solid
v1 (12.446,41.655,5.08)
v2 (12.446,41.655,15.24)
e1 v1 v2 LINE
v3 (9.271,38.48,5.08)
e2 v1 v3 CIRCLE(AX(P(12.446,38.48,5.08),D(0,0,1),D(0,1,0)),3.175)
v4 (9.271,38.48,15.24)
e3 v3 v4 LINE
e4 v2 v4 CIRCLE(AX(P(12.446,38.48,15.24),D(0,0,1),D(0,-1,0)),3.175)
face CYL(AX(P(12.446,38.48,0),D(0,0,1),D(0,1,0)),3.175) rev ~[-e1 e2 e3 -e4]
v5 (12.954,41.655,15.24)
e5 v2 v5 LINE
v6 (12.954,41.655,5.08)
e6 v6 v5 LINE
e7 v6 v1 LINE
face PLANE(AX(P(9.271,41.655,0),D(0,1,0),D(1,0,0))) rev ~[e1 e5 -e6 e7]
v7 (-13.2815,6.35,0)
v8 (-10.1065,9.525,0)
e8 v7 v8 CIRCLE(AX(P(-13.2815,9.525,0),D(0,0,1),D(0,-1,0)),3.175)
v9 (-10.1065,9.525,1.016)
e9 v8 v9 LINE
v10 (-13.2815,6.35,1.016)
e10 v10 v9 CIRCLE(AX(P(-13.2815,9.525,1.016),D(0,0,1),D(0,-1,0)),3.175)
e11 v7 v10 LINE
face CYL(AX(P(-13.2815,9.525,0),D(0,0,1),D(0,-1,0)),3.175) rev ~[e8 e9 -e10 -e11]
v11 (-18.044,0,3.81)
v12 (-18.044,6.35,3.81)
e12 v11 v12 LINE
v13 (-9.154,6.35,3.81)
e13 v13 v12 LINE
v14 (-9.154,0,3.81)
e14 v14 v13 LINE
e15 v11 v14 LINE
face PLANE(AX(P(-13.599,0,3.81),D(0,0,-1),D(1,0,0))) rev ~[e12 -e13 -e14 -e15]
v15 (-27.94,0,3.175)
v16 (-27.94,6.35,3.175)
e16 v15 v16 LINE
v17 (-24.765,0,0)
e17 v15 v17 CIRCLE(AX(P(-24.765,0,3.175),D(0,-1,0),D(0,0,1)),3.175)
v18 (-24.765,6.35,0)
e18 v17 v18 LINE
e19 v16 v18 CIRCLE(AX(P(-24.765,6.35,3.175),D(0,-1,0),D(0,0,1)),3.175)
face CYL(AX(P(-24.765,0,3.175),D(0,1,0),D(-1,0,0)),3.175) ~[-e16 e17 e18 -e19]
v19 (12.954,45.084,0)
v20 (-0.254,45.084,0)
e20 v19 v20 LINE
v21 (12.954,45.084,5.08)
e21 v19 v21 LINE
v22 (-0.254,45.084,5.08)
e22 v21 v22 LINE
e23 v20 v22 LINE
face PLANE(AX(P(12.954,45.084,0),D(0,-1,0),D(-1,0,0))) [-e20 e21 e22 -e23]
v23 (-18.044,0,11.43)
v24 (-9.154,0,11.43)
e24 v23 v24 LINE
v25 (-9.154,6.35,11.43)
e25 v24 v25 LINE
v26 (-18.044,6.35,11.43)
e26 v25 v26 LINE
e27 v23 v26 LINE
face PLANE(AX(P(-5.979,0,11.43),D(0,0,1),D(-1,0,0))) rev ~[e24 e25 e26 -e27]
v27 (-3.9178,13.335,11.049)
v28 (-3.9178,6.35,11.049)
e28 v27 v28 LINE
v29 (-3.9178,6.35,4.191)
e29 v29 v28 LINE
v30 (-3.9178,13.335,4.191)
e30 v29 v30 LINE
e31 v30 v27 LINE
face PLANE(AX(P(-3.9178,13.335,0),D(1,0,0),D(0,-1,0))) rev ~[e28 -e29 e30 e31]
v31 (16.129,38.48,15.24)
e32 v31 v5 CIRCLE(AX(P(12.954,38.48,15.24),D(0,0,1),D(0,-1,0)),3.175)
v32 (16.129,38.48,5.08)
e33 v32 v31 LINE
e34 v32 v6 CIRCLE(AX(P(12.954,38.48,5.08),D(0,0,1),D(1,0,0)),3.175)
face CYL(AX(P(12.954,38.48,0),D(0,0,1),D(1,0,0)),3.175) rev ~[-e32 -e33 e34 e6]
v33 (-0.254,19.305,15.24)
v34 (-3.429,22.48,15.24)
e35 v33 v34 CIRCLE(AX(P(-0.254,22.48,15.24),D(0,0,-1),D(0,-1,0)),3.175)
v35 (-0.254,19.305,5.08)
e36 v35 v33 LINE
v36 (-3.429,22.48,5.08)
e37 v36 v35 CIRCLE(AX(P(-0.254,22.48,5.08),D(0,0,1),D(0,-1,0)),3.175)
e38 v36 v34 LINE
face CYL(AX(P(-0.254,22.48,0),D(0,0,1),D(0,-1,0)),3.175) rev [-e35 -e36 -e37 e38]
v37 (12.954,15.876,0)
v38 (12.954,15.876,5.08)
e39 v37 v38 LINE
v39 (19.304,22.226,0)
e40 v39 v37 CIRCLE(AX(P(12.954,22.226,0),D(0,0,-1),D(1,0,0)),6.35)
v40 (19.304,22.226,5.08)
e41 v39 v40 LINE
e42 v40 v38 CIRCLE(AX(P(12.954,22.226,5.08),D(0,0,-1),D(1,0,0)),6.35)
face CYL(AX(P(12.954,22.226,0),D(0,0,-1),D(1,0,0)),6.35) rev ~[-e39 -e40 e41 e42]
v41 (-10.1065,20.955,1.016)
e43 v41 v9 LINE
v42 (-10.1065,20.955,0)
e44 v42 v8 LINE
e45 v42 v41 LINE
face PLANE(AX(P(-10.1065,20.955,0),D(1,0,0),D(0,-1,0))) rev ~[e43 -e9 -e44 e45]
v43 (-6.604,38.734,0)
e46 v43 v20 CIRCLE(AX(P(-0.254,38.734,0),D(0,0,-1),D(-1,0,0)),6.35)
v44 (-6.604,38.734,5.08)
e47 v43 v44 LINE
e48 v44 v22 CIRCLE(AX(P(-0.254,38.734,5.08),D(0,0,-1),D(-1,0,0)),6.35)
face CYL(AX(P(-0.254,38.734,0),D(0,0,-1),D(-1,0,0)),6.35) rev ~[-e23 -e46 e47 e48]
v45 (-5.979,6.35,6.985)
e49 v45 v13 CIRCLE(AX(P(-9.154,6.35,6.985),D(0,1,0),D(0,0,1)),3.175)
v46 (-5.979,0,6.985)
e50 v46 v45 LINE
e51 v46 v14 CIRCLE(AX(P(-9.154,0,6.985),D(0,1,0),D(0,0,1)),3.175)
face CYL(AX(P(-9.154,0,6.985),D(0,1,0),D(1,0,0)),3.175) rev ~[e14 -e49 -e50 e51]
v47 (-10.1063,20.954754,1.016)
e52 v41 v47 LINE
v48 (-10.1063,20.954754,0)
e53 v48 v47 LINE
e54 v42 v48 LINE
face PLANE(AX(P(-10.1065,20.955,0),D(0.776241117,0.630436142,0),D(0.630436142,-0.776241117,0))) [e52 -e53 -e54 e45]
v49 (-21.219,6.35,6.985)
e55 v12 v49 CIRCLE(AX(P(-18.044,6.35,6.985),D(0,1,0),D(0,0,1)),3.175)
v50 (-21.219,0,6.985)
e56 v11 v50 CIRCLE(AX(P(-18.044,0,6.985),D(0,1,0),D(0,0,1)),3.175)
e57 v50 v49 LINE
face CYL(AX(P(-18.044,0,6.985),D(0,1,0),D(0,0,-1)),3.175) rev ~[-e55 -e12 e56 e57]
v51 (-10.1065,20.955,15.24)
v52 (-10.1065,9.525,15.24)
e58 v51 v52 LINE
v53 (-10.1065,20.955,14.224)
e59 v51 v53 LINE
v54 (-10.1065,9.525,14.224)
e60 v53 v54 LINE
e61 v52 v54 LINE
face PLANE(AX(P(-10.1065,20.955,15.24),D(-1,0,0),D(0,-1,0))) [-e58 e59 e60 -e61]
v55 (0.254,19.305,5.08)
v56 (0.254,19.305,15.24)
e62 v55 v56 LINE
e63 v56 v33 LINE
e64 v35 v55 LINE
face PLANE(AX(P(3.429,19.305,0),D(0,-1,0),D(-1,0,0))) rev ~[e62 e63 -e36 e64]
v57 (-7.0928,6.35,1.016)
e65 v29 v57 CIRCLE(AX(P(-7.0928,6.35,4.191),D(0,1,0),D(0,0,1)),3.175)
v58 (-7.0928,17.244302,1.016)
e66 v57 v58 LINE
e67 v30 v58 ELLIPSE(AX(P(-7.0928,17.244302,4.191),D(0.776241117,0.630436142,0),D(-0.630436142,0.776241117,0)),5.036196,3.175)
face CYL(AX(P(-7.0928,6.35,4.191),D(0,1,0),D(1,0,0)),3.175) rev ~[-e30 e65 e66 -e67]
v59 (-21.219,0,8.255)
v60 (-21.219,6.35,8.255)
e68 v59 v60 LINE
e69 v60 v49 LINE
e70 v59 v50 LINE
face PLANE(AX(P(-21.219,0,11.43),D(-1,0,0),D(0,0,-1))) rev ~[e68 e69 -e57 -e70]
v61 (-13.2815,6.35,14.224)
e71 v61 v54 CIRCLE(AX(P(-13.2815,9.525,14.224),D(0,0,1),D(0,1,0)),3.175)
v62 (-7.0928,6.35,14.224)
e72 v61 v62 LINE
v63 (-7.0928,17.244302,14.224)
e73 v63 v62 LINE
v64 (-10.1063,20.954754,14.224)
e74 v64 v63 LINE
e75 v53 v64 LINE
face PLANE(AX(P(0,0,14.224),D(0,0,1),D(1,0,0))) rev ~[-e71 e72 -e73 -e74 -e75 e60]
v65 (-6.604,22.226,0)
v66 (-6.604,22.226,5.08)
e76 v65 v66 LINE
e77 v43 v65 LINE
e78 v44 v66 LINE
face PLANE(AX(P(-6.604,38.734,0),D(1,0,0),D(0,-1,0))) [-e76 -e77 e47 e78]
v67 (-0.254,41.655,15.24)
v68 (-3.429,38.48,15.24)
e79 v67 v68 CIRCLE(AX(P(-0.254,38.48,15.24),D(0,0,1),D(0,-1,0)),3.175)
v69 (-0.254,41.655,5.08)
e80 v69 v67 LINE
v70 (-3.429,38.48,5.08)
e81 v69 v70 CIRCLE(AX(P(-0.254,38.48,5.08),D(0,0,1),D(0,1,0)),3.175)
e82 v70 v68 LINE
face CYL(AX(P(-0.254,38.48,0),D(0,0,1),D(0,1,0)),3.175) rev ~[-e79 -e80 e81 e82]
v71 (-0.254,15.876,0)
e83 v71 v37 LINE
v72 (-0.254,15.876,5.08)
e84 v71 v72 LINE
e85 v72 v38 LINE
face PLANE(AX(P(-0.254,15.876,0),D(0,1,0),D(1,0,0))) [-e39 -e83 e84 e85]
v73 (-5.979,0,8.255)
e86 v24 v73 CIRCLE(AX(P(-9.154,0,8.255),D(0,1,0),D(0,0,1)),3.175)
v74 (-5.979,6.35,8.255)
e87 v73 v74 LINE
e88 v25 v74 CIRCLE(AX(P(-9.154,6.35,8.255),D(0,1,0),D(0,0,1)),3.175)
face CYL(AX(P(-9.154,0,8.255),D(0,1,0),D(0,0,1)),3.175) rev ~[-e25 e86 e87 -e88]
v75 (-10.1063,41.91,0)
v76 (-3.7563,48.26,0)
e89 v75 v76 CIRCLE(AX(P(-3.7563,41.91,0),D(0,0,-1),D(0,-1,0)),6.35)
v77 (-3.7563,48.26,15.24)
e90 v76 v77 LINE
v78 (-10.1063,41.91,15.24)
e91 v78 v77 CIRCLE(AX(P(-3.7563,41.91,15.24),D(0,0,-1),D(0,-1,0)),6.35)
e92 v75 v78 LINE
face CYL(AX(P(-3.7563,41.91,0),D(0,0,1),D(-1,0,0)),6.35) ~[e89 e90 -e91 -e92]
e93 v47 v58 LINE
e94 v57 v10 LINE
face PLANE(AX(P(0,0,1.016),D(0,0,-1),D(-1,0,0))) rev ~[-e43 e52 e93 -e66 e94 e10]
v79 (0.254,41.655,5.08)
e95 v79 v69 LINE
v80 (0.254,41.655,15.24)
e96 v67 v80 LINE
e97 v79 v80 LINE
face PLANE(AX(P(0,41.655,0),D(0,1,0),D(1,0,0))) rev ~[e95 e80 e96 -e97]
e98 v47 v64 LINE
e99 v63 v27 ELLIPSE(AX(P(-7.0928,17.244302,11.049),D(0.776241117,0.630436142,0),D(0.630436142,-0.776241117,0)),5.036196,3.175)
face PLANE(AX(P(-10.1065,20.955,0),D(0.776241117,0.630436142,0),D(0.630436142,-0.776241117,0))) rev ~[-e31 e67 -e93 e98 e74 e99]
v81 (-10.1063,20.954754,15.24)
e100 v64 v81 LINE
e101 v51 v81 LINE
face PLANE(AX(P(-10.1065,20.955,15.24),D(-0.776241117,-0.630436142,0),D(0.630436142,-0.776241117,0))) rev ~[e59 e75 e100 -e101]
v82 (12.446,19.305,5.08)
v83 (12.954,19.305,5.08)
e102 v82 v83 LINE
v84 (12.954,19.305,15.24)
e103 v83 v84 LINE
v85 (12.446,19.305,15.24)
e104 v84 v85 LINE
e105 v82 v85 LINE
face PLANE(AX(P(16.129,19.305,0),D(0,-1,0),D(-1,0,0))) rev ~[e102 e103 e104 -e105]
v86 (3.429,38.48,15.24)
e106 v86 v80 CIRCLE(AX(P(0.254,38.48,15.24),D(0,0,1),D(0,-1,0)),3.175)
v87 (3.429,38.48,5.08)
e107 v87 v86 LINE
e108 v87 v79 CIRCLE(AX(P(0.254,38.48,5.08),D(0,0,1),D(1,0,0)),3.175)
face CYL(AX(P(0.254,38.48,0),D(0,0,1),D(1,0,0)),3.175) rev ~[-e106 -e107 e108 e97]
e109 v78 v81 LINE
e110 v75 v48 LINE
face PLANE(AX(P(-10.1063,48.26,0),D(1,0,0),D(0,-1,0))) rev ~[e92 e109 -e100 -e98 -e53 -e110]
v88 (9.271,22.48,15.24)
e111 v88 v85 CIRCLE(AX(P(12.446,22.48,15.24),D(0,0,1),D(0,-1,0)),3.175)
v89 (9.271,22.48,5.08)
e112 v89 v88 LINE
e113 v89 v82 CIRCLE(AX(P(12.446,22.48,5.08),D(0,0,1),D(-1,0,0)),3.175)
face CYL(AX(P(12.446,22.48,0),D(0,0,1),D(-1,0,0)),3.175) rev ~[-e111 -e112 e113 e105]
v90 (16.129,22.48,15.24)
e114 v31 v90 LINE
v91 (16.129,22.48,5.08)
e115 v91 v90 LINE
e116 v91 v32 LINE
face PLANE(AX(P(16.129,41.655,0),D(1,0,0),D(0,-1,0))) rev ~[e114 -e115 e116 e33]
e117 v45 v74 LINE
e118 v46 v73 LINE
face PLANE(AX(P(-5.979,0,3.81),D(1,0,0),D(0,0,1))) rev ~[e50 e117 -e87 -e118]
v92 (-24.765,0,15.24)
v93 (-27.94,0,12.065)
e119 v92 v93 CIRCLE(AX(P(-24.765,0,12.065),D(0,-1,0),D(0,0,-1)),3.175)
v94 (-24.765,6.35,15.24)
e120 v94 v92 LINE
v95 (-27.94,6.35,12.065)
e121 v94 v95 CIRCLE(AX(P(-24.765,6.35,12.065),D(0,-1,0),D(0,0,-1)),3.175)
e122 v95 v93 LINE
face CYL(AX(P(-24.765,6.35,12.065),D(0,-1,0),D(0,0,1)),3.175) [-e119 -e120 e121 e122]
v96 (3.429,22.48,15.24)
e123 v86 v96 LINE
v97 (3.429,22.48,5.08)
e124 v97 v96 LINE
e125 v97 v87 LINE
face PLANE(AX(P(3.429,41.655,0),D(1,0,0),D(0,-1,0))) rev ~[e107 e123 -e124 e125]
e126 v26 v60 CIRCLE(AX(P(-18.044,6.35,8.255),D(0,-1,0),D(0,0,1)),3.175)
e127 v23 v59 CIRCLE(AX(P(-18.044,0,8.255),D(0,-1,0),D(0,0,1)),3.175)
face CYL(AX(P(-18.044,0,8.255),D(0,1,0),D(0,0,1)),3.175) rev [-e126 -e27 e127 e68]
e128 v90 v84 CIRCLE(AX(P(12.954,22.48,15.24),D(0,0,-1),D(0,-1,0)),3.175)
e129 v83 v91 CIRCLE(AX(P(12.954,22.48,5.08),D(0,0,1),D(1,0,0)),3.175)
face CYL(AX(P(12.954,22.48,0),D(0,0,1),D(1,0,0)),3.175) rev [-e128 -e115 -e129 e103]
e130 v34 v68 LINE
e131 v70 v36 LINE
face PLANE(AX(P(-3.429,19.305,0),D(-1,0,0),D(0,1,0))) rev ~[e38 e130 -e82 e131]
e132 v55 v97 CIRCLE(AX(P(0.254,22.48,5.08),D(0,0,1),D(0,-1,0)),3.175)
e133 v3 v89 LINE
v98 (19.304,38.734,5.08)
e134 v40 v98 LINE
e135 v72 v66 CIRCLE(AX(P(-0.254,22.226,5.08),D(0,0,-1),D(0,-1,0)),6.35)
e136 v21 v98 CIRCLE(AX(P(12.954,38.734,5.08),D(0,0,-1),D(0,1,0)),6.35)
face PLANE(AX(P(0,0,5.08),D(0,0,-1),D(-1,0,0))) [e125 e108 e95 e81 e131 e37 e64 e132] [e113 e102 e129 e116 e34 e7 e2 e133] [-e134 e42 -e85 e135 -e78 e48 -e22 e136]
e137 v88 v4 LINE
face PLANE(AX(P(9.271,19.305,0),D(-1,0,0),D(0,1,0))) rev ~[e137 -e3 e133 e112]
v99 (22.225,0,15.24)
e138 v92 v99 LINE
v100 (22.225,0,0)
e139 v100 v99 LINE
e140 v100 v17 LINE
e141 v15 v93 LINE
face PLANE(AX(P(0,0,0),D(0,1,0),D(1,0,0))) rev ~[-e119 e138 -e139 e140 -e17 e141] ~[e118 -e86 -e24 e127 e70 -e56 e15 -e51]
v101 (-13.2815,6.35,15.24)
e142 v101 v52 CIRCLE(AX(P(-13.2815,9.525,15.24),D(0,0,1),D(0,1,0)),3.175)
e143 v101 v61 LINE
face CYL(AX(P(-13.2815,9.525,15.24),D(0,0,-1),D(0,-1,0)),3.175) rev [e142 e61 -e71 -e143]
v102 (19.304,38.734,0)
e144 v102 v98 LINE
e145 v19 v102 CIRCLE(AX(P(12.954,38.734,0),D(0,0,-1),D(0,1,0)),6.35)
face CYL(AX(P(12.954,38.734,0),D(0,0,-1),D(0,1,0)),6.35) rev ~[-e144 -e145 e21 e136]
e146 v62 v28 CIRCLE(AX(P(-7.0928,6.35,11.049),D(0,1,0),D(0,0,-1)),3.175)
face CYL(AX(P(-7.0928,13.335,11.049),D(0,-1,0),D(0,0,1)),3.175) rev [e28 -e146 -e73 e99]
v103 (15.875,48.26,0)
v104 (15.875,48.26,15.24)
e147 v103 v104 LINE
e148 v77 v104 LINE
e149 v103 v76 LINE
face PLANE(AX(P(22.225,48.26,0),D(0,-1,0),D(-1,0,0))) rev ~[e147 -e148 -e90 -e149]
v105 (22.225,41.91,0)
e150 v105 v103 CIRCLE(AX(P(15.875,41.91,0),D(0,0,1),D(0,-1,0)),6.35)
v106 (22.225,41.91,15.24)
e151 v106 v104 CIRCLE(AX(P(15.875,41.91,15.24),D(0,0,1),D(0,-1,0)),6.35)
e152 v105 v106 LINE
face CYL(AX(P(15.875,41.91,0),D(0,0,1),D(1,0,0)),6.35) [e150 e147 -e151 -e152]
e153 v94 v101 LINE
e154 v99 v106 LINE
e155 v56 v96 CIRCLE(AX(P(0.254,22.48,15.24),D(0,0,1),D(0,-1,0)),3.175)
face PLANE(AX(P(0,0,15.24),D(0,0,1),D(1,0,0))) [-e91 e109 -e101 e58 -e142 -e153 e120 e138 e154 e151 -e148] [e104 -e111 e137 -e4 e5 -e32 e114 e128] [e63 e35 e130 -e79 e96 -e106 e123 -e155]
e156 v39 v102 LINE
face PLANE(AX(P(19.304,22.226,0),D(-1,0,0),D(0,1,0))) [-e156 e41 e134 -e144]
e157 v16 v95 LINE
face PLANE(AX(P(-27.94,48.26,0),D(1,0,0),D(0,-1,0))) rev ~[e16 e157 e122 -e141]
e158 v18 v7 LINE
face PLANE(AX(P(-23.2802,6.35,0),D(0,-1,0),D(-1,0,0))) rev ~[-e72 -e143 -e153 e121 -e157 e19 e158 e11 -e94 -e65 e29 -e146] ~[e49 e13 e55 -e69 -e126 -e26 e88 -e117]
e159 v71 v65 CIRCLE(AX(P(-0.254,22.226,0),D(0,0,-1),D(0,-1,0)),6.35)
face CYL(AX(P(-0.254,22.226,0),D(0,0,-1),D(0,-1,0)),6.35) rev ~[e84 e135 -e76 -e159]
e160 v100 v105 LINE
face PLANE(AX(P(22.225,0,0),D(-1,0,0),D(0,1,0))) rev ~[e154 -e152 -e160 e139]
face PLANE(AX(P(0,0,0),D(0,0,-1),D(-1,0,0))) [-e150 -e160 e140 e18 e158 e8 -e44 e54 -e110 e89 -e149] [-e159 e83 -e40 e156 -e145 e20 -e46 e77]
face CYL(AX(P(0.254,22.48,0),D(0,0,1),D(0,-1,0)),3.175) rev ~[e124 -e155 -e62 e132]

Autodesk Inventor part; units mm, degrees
sketch "Sketch1" plane through (0, 0, 0) normal (0, 0, 1) x (1, 0, 0)
  line L0 (0, 57.912) -> (0, -9.652) projected
  line L1 (-63.881, 0) -> (36.576, 0) projected
  line L2 (22.225, 48.26) -> (-27.94, 48.26)
  line L3 (-27.94, 48.26) -> (-27.94, 0)
  line L4 (-27.94, 0) -> (22.225, 0)
  line L5 (22.225, 0) -> (22.225, 48.26)
  line L6 (0, 48.26) -> (0, 0) construction
  line L7 (12.7, 48.26) -> (12.7, 0) construction
  line L8 (3.429, 19.305) -> (-3.429, 19.305)
  line L9 (-3.429, 19.305) -> (-3.429, 41.655)
  line L10 (-3.429, 41.655) -> (3.429, 41.655)
  line L11 (3.429, 41.655) -> (3.429, 19.305)
  line L12 (3.429, 19.305) -> (-3.429, 41.655) construction
  line L13 (-3.429, 19.305) -> (3.429, 41.655) construction
  line L14 (16.129, 19.305) -> (9.271, 19.305)
  line L15 (9.271, 19.305) -> (9.271, 41.655)
  line L16 (9.271, 41.655) -> (16.129, 41.655)
  line L17 (16.129, 41.655) -> (16.129, 19.305)
  line L18 (16.129, 19.305) -> (9.271, 41.655) construction
  line L19 (9.271, 19.305) -> (16.129, 41.655) construction
  circle A0 centre (0, 38.48) radius 3.175 construction
  circle A1 centre (0, 30.48) radius 3.175 construction
  line L20 (-27.94, 0) -> (-49.53, 0)
  line L21 (-49.53, 0) -> (-49.53, 7.62)
  line L22 (-49.53, 7.62) -> (-27.94, 7.62)
  line L23 (-27.94, 7.62) -> (-27.94, 0)
  line L24 (-3.9178, 6.35) -> (-23.2802, 6.35)
  line L25 (-23.2802, 6.35) -> (-23.2802, 13.335)
  line L26 (-23.2802, 13.335) -> (-3.9178, 13.335)
  line L27 (-3.9178, 13.335) -> (-3.9178, 6.35)
  line L28 (-3.9178, 6.35) -> (-23.2802, 13.335) construction
  line L29 (-23.2802, 6.35) -> (-3.9178, 13.335) construction
  line L30 (-23.2802, 13.335) -> (-17.0915, 20.955)
  line L31 (-17.0915, 20.955) -> (-10.1065, 20.955)
  line L32 (-10.1065, 20.955) -> (-3.9178, 13.335)
  line L33 (-13.599, 9.8425) -> (-13.599, 20.955) construction
  circle A2 centre (0, 22.48) radius 6.35 construction
  point P0 (0, 0)
  point P1 (0, 25.4)
  point P2 (0, 30.48)
  point P3 (12.7, 30.48)
  point P4 (12.7, 30.48)
  dimension "d0" = 48.26
  dimension "d2" = 6.858
  dimension "d3" = 0
  dimension "d5" = 6.35
  dimension "d6" = 8
  dimension "d27" = 12.7
  dimension "d56" = 41.655
  dimension "d57" = 6.605
  dimension "d58" = 30.48
  dimension "d59" = 7.62
  dimension "d60" = 21.59
  dimension "d61" = 6.985
  dimension "d62" = 6.35
  dimension "d64" = 13.599
  dimension "d81" = 22.225
  dimension "d82" = 27.94
  dimension "d84" = 6.985
  dimension "d85" = 3.4925
  dimension "d86" = 7.62
  dimension "d104" = 12.7
  dimension "d105" = 8
  dimension "d119" = 13.599
extrude "Extrusion1" add sketch "Sketch1" along normal blind 15.24 contours L2 L5 L1 L0 L8 L11 L10 | L0 L10 L9 L8 L1 L3 L2 | L24 L25 L26 L27 | L26 L30 L31 L32
ref_plane "Work Plane4" through (-22.225, 7.62, 15.24) normal (0, 1, 0) x (1, 0, 0)
sketch "Sketch4" plane through (-22.225, 7.62, 15.24) normal (0, 1, 0) x (1, 0, 0)
  line L0 (-23.495, 8.255) -> (0, 8.255) projected
  line L1 (-23.495, 8.255) -> (-23.495, -17.78) projected
  line L2 (-23.495, 8.255) -> (-14.605, 8.255)
  line L3 (-14.605, 8.255) -> (-14.605, 0)
  line L4 (-14.605, 0) -> (-23.495, 0)
  line L5 (-23.495, 0) -> (-23.495, 8.255)
  line L6 (44.45, 0) -> (0, 0) projected
  point P0 (22.225, 15.24)
  dimension "d28" = 0
  dimension "d29" = 8.89
extrude "Extrusion4" [suppressed]
fillet "Fillet1" radius 3.175 8 edges at (-3.429, 19.305, 7.62) (3.429, 19.305, 7.62) (3.429, 41.655, 7.62) (-3.429, 41.655, 7.62) (9.271, 41.655, 7.62) (16.129, 41.655, 7.62) (16.129, 19.305, 7.62) (9.271, 19.305, 7.62)
ref_plane "Work Plane1" through (0, 22.48, 0) normal (-1, 0, 0) x (0, 0, 1)
ref_plane "Work Plane2" through (0, 0, -9.525) normal (0, 0, 1) x (1, 0, 0)
extrude "Extrusion8" cut sketch "Sketch1" along normal up to next contours L24 L25 L26 L27 | L26 L30 L31 L32
ref_plane "Work Plane5" through (-13.599, 6.35, 15.24) normal (1, 0, 0) x (0, 0, -1)
sketch "Sketch7" plane through (22.225, 0, 0) normal (0, -1, 0) x (1, 0, 0)
  line L0 (0, 0) -> (0, 15.24) projected
  line L1 (-50.165, 15.24) -> (0, 15.24) projected
  line L2 (-50.165, 0) -> (0, 0) projected
  line L3 (-71.755, 7.62) -> (0, 7.62) construction
  line L4 (-53.204, 3.81) -> (-68.444, 3.81)
  line L5 (-68.444, 3.81) -> (-68.444, 11.43)
  line L6 (-68.444, 11.43) -> (-53.204, 11.43)
  line L7 (-53.204, 11.43) -> (-53.204, 3.81)
  line L8 (-53.204, 3.81) -> (-68.444, 11.43) construction
  line L9 (-68.444, 3.81) -> (-53.204, 11.43) construction
  line L10 (-43.444, 3.81) -> (-28.204, 3.81)
  line L11 (-28.204, 3.81) -> (-28.204, 11.43)
  line L12 (-28.204, 11.43) -> (-43.444, 11.43)
  line L13 (-43.444, 11.43) -> (-43.444, 3.81)
  line L14 (-43.444, 3.81) -> (-28.204, 11.43) construction
  line L15 (-28.204, 3.81) -> (-43.444, 11.43) construction
  line L16 (-50.165, 0) -> (0, 0) projected
  line L17 (0, 0) -> (0, 15.24) projected
  line L18 (-50.165, 15.24) -> (0, 15.24) projected
  line L19 (-45.5052, 0) -> (-26.1428, 0) projected
  line L20 (-26.1428, 15.24) -> (-45.5052, 15.24) projected
  line L21 (-45.5052, 0) -> (-45.5052, 15.24) projected
  line L22 (-26.1428, 0) -> (-26.1428, 15.24) projected
  line L23 (-35.824, 18.288) -> (-35.824, -3.048) projected
  line L24 (-50.165, 0) -> (-50.165, 15.24) projected
  line L25 (-22.225, 18.288) -> (-22.225, -3.048) projected
  point P0 (-22.225, 0)
  point P1 (-60.824, 7.62)
  point P2 (-35.824, 7.62)
  point P3 (-22.225, 0)
  point P4 (-22.225, 0)
  point P5 (-22.225, 0)
  point P6 (-25.856, 0)
  point P7 (-35.824, 7.62)
  dimension "d69" = 7.62
  dimension "d70" = 15.24
  dimension "d71" = 25
  dimension "d88" = 0
  dimension "d120" = 9.6812
extrude "Extrusion10" cut sketch "Sketch7" against normal up to surface (6.35 mm away) contours L23 L12 L11 L10 | L10 L13 L12 L23
sketch "Sketch9" plane through (0, 0, 0) normal (0, 0, 1) x (1, 0, 0)
  line L0 (-10.1063, 6.35) -> (-27.94, 6.35)
  line L1 (-27.94, 6.35) -> (-27.94, 48.26)
  line L2 (-27.94, 48.26) -> (-10.1063, 48.26)
  line L3 (-10.1063, 48.26) -> (-10.1063, 6.35)
  line L4 (-3.9178, 6.35) -> (-23.2802, 6.35) projected
  point P0 (0, 0)
  dimension "d101" = 0
extrude "Extrusion12" cut sketch "Sketch9" along normal up to next
fillet "Fillet15" radius 3.175 4 edges at (-5.979, 3.175, 3.81) (-5.979, 3.175, 11.43) (-21.219, 3.175, 11.43) (-21.219, 3.175, 3.81)
sketch "Sketch10" plane through (0, 0, 0) normal (0, 0, -1) x (-1, 0, 0)
  line L0 (10.1065, 20.955) -> (3.9178, 13.335) projected
  line L1 (3.9178, 6.35) -> (3.9178, 13.335) projected
  line L2 (27.94, 6.35) -> (3.9178, 6.35) projected
  line L3 (10.1065, 20.955) -> (10.1065, 6.35)
  line L4 (3.9178, 6.35) -> (27.94, 6.35) projected
  point P0 (0, 0)
extrude "Extrusion13" add sketch "Sketch10" against normal blind 1.016
sketch "Sketch11" plane through (0, 0, 15.24) normal (0, 0, 1) x (1, 0, 0)
  line L0 (-10.1065, 20.955) -> (-10.1065, 6.35) projected
  line L1 (-10.1063, 20.9547) -> (-3.9178, 13.335) projected
  line L2 (-3.9178, 13.335) -> (-3.9178, 6.35) projected
  line L3 (-3.9178, 6.35) -> (-27.94, 6.35) projected
  line L4 (-10.1063, 20.9547) -> (-10.1065, 6.35)
  point P0 (0, 0)
extrude "Extrusion14" add sketch "Sketch11" against normal blind 1.016
fillet "Fillet18" radius 3.175 2 edges at (-3.9178, 9.8425, 1.016) (-3.9178, 9.8425, 14.224)
fillet "Fillet19" radius 3.175 2 edges at (-27.94, 3.175, 0) (-27.94, 3.175, 15.24)
fillet "Fillet20" radius 3.175 2 edges at (-10.1065, 6.35, 14.732) (-10.1065, 6.35, 0.508)
sketch "Sketch12" plane through (0, 0, 0) normal (0, 0, -1) x (-1, 0, 0)
  line L0 (-12.7, 30.48) -> (0, 30.48) construction
  line L1 (0.254, 15.876) -> (-12.954, 15.876)
  line L2 (-19.304, 22.226) -> (-19.304, 38.734)
  line L3 (-12.954, 45.084) -> (0.254, 45.084)
  line L4 (6.604, 38.734) -> (6.604, 22.226)
  line L5 (6.604, 15.876) -> (-19.304, 45.084) construction
  line L6 (-19.304, 15.876) -> (6.604, 45.084) construction
  arc A0 (-12.954, 45.084) -> (-19.304, 38.734) centre (-12.954, 38.734) ccw
  arc A1 (6.604, 38.734) -> (0.254, 45.084) centre (0.254, 38.734) ccw
  arc A2 (0.254, 15.876) -> (6.604, 22.226) centre (0.254, 22.226) ccw
  arc A3 (-19.304, 22.226) -> (-12.954, 15.876) centre (-12.954, 22.226) ccw
  point P0 (0, 0)
  point P1 (-6.35, 30.48)
  dimension "d113" = 6.604
  dimension "d114" = 14.604
  dimension "d115" = 6.35
extrude "Extrusion15" cut sketch "Sketch12" against normal blind 5.08
fillet "Fillet21" radius 6.35 2 edges at (22.225, 48.26, 7.62) (-10.1063, 48.26, 7.62)
equation "\"d85\" = 0.5 * d84"
properties part number "J005556" material "VERO BLACK"
